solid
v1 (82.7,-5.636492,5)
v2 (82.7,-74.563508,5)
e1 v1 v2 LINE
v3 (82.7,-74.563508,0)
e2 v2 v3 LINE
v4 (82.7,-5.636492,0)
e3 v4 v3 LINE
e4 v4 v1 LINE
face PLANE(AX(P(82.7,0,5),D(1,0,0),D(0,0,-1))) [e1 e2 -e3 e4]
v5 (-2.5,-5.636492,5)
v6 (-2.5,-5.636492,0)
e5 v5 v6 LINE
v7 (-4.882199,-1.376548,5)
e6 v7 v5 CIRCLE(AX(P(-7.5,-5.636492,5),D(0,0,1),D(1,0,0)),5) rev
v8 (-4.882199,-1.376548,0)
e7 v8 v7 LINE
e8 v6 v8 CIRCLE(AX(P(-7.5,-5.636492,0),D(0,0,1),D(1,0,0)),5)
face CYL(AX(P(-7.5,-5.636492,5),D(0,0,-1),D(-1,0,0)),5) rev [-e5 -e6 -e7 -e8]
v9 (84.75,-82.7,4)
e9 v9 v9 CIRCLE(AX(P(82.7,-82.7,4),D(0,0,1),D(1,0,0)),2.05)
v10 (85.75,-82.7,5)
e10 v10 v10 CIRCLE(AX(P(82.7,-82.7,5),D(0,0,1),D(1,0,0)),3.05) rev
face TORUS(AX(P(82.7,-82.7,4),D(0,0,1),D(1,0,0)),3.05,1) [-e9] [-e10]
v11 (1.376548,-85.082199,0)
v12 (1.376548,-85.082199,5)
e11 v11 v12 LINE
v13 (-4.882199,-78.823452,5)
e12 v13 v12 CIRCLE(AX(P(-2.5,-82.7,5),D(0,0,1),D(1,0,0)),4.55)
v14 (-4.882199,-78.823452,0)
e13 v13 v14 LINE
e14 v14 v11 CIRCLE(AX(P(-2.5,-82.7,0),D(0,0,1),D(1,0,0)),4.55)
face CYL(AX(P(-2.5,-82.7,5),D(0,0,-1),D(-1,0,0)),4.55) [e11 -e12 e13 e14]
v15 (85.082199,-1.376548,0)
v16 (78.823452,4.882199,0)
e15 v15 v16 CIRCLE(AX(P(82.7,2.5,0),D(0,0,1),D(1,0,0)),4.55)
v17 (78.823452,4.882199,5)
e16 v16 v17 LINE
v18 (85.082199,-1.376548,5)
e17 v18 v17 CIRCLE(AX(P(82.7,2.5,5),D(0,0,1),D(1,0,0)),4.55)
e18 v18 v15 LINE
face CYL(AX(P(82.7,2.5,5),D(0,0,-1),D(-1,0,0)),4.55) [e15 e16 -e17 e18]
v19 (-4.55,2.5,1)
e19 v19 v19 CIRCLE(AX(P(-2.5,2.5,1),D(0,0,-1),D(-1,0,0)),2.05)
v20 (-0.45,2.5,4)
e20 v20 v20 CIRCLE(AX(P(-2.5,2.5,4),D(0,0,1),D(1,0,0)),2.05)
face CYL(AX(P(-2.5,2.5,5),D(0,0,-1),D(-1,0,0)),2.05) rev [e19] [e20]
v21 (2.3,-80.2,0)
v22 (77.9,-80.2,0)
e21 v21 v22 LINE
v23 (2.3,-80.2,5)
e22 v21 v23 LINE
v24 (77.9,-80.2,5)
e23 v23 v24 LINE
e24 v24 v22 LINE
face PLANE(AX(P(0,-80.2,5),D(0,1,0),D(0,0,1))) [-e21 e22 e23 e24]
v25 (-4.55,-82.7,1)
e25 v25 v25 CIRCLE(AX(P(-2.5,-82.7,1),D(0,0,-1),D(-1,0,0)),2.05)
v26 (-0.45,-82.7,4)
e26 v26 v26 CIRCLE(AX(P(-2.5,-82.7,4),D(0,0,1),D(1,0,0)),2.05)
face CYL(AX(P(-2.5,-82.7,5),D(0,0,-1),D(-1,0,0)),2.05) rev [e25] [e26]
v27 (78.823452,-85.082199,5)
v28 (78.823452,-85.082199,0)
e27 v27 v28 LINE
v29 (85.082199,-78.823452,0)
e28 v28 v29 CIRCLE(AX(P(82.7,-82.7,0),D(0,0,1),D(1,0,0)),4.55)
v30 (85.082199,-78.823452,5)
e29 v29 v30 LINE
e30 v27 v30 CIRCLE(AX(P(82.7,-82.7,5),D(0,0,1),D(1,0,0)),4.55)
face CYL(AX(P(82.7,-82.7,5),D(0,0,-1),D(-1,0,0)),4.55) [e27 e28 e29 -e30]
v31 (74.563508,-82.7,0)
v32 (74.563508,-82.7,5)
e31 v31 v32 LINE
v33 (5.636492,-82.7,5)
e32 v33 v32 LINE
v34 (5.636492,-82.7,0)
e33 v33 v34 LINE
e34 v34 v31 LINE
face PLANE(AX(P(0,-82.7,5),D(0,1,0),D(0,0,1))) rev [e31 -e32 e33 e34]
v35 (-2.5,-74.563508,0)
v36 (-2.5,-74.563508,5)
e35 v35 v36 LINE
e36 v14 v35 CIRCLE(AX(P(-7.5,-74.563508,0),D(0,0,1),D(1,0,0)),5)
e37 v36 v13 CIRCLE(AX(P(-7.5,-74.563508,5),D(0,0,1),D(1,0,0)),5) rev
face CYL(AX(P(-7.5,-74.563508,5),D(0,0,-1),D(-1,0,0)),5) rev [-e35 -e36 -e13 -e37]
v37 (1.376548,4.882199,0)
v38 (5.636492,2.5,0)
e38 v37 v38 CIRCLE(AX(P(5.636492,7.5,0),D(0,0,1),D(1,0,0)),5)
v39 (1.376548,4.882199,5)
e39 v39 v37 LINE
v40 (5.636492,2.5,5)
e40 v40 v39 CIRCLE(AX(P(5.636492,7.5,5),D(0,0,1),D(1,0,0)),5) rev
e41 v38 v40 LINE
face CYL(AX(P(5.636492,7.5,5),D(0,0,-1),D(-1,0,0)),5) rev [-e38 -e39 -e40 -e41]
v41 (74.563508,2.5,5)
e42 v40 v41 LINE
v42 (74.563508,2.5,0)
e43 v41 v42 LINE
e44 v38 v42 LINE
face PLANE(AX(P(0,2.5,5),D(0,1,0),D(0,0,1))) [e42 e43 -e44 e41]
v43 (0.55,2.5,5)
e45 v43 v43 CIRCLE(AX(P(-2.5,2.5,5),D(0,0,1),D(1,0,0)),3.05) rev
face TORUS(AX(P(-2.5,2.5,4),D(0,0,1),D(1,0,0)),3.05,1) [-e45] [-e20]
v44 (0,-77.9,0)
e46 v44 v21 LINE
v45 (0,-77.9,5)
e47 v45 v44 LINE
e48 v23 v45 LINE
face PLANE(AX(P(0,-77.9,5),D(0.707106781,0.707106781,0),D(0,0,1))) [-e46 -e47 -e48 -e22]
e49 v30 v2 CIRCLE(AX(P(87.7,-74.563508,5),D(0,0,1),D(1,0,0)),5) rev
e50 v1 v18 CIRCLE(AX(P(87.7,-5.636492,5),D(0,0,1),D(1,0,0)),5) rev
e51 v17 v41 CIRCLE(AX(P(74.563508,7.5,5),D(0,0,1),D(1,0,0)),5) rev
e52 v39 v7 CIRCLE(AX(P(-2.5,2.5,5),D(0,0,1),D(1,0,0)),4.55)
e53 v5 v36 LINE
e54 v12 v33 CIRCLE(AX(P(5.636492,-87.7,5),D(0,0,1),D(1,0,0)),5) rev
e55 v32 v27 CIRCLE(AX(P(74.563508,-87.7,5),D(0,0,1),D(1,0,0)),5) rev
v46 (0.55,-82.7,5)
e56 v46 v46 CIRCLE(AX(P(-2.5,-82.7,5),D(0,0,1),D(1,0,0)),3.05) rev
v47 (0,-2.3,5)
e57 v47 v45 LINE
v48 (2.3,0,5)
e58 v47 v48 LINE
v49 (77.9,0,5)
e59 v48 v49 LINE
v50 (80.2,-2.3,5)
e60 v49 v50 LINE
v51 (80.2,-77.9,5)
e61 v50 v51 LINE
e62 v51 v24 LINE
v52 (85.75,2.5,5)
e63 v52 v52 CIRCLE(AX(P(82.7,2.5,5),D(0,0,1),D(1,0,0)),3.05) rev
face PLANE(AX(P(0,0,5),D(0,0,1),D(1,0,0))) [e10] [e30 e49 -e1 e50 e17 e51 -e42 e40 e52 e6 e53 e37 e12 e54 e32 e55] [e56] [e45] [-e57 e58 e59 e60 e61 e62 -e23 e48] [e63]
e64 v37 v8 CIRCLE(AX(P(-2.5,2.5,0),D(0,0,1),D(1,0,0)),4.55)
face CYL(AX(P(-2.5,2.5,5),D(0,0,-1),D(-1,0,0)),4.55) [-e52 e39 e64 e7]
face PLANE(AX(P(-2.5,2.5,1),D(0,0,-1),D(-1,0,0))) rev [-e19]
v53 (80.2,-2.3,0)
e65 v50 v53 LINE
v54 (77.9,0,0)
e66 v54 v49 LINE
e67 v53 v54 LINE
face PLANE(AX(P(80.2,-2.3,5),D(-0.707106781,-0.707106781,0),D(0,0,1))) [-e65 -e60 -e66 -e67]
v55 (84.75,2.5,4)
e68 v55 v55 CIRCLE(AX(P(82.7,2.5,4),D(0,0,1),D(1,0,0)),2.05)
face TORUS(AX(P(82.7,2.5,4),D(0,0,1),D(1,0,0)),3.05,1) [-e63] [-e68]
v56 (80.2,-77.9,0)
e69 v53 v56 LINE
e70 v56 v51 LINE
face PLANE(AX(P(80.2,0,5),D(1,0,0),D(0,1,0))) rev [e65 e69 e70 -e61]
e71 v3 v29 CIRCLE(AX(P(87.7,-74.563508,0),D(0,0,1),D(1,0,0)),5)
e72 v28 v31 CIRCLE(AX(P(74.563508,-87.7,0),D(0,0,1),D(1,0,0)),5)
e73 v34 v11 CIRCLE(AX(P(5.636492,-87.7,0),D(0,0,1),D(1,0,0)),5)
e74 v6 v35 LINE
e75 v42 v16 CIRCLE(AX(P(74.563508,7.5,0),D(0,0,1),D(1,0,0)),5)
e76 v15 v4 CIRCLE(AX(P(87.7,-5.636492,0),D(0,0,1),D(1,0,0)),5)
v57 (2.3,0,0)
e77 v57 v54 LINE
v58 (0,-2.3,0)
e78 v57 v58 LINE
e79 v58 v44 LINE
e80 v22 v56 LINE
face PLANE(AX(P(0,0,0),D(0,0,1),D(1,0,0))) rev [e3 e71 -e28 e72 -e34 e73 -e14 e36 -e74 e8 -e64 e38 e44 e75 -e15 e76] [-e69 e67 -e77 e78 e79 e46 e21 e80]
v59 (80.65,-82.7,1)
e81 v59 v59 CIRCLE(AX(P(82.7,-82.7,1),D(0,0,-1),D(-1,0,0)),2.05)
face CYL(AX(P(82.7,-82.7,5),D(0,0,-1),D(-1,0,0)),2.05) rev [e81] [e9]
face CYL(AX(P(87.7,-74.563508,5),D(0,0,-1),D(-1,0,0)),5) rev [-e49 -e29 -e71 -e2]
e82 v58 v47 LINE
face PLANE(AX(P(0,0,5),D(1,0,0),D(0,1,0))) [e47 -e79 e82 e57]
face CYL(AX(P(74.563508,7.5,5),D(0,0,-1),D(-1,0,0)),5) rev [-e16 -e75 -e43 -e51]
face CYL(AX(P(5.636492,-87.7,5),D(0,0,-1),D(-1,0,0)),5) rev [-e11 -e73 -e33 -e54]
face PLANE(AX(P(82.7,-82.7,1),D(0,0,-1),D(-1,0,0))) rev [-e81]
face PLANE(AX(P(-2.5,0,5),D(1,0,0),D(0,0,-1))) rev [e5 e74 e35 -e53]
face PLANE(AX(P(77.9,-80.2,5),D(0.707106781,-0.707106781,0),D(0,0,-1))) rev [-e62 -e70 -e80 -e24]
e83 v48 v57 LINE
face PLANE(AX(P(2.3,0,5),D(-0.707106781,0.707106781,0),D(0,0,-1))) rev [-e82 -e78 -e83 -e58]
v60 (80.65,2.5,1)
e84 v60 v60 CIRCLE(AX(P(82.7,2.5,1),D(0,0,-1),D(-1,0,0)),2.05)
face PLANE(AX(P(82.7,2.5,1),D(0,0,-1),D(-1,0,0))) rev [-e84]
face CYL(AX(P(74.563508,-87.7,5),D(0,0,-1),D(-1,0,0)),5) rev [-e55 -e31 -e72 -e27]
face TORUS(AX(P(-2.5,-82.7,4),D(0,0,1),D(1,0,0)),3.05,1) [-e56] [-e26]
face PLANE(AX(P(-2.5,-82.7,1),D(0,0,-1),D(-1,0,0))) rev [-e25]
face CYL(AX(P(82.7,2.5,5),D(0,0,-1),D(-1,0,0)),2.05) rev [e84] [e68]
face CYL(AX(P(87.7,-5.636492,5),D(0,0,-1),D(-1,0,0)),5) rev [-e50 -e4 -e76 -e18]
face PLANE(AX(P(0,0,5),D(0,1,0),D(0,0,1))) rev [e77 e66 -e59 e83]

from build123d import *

# Parameters (mm, degrees)
SKETCH1_W           = 80.2
SKETCH1_H           = 80.2
SKETCH1_R           = 2.05
BOSS_EXTRUDE1_DEPTH = 5
CHAMFER1_SIZE       = 2.3
FILLET1_R           = 5
FILLET2_R           = 1
SKETCH2_R           = 4.55
BOSS_EXTRUDE2_DEPTH = 1


with BuildPart() as part:
    # Sketch1 → Boss-Extrude1 (new body)
    with BuildSketch(Plane.XY):
        with BuildLine():
            ThreePointArc((82.7, -2.05), (85.917335854, 5.717335854), (78.15, 2.5))
            Line((78.15, 2.5), (2.05, 2.5))
            ThreePointArc((2.05, 2.5), (-5.717335854, 5.717335854), (-2.5, -2.05))
            Line((-2.5, -2.05), (-2.5, -78.15))
            ThreePointArc((-2.5, -78.15), (-5.717335854, -85.917335854), (2.05, -82.7))
            Line((2.05, -82.7), (78.15, -82.7))
            ThreePointArc((78.15, -82.7), (85.917335854, -85.917335854), (82.7, -78.15))
            Line((82.7, -78.15), (82.7, -2.05))
        make_face()
        with Locations((40.1, -40.1)):
            Rectangle(SKETCH1_W, SKETCH1_H, mode=Mode.SUBTRACT)
        with Locations((82.7, -82.7)):
            Circle(SKETCH1_R, mode=Mode.SUBTRACT)
        with Locations((-2.5, -82.7)):
            Circle(SKETCH1_R, mode=Mode.SUBTRACT)
        with Locations((82.7, 2.5)):
            Circle(SKETCH1_R, mode=Mode.SUBTRACT)
        with Locations((-2.5, 2.5)):
            Circle(SKETCH1_R, mode=Mode.SUBTRACT)
    extrude(amount=BOSS_EXTRUDE1_DEPTH)

    # Chamfer1
    chamfer1_edges = [part.edges().sort_by_distance(p)[0] for p in [
        (0, 0, 2.5),
        (0, -80.2, 2.5),
        (80.2, -80.2, 2.5),
        (80.2, 0, 2.5),
    ]]
    chamfer(chamfer1_edges, length=CHAMFER1_SIZE)

    # Fillet1
    fillet1_edges = [part.edges().sort_by_distance(p)[0] for p in [
        (2.05, 2.5, 2.5),
        (78.15, 2.5, 2.5),
        (82.7, -2.05, 2.5),
        (82.7, -78.15, 2.5),
        (78.15, -82.7, 2.5),
        (2.05, -82.7, 2.5),
        (-2.5, -78.15, 2.5),
        (-2.5, -2.05, 2.5),
    ]]
    fillet(fillet1_edges, radius=FILLET1_R)

    # Fillet2
    fillet2_edges = [part.edges().sort_by_distance(p)[0] for p in [
        (80.65, 2.5, 5),
        (80.65, -82.7, 5),
        (-4.55, 2.5, 5),
        (-4.55, -82.7, 5),
    ]]
    fillet(fillet2_edges, radius=FILLET2_R)

    # Sketch2 → Boss-Extrude2 (add)
    with BuildSketch(Plane(origin=(0, 0, 0), x_dir=(-1, 0, 0), z_dir=(0, 0, -1))):
        with Locations((-82.7, 2.5)):
            Circle(SKETCH2_R)
        with Locations((2.5, 2.5)):
            Circle(SKETCH2_R)
        with Locations((2.5, -82.7)):
            Circle(SKETCH2_R)
        with Locations((-82.7, -82.7)):
            Circle(SKETCH2_R)
    extrude(amount=-BOSS_EXTRUDE2_DEPTH)


solid = part.part
